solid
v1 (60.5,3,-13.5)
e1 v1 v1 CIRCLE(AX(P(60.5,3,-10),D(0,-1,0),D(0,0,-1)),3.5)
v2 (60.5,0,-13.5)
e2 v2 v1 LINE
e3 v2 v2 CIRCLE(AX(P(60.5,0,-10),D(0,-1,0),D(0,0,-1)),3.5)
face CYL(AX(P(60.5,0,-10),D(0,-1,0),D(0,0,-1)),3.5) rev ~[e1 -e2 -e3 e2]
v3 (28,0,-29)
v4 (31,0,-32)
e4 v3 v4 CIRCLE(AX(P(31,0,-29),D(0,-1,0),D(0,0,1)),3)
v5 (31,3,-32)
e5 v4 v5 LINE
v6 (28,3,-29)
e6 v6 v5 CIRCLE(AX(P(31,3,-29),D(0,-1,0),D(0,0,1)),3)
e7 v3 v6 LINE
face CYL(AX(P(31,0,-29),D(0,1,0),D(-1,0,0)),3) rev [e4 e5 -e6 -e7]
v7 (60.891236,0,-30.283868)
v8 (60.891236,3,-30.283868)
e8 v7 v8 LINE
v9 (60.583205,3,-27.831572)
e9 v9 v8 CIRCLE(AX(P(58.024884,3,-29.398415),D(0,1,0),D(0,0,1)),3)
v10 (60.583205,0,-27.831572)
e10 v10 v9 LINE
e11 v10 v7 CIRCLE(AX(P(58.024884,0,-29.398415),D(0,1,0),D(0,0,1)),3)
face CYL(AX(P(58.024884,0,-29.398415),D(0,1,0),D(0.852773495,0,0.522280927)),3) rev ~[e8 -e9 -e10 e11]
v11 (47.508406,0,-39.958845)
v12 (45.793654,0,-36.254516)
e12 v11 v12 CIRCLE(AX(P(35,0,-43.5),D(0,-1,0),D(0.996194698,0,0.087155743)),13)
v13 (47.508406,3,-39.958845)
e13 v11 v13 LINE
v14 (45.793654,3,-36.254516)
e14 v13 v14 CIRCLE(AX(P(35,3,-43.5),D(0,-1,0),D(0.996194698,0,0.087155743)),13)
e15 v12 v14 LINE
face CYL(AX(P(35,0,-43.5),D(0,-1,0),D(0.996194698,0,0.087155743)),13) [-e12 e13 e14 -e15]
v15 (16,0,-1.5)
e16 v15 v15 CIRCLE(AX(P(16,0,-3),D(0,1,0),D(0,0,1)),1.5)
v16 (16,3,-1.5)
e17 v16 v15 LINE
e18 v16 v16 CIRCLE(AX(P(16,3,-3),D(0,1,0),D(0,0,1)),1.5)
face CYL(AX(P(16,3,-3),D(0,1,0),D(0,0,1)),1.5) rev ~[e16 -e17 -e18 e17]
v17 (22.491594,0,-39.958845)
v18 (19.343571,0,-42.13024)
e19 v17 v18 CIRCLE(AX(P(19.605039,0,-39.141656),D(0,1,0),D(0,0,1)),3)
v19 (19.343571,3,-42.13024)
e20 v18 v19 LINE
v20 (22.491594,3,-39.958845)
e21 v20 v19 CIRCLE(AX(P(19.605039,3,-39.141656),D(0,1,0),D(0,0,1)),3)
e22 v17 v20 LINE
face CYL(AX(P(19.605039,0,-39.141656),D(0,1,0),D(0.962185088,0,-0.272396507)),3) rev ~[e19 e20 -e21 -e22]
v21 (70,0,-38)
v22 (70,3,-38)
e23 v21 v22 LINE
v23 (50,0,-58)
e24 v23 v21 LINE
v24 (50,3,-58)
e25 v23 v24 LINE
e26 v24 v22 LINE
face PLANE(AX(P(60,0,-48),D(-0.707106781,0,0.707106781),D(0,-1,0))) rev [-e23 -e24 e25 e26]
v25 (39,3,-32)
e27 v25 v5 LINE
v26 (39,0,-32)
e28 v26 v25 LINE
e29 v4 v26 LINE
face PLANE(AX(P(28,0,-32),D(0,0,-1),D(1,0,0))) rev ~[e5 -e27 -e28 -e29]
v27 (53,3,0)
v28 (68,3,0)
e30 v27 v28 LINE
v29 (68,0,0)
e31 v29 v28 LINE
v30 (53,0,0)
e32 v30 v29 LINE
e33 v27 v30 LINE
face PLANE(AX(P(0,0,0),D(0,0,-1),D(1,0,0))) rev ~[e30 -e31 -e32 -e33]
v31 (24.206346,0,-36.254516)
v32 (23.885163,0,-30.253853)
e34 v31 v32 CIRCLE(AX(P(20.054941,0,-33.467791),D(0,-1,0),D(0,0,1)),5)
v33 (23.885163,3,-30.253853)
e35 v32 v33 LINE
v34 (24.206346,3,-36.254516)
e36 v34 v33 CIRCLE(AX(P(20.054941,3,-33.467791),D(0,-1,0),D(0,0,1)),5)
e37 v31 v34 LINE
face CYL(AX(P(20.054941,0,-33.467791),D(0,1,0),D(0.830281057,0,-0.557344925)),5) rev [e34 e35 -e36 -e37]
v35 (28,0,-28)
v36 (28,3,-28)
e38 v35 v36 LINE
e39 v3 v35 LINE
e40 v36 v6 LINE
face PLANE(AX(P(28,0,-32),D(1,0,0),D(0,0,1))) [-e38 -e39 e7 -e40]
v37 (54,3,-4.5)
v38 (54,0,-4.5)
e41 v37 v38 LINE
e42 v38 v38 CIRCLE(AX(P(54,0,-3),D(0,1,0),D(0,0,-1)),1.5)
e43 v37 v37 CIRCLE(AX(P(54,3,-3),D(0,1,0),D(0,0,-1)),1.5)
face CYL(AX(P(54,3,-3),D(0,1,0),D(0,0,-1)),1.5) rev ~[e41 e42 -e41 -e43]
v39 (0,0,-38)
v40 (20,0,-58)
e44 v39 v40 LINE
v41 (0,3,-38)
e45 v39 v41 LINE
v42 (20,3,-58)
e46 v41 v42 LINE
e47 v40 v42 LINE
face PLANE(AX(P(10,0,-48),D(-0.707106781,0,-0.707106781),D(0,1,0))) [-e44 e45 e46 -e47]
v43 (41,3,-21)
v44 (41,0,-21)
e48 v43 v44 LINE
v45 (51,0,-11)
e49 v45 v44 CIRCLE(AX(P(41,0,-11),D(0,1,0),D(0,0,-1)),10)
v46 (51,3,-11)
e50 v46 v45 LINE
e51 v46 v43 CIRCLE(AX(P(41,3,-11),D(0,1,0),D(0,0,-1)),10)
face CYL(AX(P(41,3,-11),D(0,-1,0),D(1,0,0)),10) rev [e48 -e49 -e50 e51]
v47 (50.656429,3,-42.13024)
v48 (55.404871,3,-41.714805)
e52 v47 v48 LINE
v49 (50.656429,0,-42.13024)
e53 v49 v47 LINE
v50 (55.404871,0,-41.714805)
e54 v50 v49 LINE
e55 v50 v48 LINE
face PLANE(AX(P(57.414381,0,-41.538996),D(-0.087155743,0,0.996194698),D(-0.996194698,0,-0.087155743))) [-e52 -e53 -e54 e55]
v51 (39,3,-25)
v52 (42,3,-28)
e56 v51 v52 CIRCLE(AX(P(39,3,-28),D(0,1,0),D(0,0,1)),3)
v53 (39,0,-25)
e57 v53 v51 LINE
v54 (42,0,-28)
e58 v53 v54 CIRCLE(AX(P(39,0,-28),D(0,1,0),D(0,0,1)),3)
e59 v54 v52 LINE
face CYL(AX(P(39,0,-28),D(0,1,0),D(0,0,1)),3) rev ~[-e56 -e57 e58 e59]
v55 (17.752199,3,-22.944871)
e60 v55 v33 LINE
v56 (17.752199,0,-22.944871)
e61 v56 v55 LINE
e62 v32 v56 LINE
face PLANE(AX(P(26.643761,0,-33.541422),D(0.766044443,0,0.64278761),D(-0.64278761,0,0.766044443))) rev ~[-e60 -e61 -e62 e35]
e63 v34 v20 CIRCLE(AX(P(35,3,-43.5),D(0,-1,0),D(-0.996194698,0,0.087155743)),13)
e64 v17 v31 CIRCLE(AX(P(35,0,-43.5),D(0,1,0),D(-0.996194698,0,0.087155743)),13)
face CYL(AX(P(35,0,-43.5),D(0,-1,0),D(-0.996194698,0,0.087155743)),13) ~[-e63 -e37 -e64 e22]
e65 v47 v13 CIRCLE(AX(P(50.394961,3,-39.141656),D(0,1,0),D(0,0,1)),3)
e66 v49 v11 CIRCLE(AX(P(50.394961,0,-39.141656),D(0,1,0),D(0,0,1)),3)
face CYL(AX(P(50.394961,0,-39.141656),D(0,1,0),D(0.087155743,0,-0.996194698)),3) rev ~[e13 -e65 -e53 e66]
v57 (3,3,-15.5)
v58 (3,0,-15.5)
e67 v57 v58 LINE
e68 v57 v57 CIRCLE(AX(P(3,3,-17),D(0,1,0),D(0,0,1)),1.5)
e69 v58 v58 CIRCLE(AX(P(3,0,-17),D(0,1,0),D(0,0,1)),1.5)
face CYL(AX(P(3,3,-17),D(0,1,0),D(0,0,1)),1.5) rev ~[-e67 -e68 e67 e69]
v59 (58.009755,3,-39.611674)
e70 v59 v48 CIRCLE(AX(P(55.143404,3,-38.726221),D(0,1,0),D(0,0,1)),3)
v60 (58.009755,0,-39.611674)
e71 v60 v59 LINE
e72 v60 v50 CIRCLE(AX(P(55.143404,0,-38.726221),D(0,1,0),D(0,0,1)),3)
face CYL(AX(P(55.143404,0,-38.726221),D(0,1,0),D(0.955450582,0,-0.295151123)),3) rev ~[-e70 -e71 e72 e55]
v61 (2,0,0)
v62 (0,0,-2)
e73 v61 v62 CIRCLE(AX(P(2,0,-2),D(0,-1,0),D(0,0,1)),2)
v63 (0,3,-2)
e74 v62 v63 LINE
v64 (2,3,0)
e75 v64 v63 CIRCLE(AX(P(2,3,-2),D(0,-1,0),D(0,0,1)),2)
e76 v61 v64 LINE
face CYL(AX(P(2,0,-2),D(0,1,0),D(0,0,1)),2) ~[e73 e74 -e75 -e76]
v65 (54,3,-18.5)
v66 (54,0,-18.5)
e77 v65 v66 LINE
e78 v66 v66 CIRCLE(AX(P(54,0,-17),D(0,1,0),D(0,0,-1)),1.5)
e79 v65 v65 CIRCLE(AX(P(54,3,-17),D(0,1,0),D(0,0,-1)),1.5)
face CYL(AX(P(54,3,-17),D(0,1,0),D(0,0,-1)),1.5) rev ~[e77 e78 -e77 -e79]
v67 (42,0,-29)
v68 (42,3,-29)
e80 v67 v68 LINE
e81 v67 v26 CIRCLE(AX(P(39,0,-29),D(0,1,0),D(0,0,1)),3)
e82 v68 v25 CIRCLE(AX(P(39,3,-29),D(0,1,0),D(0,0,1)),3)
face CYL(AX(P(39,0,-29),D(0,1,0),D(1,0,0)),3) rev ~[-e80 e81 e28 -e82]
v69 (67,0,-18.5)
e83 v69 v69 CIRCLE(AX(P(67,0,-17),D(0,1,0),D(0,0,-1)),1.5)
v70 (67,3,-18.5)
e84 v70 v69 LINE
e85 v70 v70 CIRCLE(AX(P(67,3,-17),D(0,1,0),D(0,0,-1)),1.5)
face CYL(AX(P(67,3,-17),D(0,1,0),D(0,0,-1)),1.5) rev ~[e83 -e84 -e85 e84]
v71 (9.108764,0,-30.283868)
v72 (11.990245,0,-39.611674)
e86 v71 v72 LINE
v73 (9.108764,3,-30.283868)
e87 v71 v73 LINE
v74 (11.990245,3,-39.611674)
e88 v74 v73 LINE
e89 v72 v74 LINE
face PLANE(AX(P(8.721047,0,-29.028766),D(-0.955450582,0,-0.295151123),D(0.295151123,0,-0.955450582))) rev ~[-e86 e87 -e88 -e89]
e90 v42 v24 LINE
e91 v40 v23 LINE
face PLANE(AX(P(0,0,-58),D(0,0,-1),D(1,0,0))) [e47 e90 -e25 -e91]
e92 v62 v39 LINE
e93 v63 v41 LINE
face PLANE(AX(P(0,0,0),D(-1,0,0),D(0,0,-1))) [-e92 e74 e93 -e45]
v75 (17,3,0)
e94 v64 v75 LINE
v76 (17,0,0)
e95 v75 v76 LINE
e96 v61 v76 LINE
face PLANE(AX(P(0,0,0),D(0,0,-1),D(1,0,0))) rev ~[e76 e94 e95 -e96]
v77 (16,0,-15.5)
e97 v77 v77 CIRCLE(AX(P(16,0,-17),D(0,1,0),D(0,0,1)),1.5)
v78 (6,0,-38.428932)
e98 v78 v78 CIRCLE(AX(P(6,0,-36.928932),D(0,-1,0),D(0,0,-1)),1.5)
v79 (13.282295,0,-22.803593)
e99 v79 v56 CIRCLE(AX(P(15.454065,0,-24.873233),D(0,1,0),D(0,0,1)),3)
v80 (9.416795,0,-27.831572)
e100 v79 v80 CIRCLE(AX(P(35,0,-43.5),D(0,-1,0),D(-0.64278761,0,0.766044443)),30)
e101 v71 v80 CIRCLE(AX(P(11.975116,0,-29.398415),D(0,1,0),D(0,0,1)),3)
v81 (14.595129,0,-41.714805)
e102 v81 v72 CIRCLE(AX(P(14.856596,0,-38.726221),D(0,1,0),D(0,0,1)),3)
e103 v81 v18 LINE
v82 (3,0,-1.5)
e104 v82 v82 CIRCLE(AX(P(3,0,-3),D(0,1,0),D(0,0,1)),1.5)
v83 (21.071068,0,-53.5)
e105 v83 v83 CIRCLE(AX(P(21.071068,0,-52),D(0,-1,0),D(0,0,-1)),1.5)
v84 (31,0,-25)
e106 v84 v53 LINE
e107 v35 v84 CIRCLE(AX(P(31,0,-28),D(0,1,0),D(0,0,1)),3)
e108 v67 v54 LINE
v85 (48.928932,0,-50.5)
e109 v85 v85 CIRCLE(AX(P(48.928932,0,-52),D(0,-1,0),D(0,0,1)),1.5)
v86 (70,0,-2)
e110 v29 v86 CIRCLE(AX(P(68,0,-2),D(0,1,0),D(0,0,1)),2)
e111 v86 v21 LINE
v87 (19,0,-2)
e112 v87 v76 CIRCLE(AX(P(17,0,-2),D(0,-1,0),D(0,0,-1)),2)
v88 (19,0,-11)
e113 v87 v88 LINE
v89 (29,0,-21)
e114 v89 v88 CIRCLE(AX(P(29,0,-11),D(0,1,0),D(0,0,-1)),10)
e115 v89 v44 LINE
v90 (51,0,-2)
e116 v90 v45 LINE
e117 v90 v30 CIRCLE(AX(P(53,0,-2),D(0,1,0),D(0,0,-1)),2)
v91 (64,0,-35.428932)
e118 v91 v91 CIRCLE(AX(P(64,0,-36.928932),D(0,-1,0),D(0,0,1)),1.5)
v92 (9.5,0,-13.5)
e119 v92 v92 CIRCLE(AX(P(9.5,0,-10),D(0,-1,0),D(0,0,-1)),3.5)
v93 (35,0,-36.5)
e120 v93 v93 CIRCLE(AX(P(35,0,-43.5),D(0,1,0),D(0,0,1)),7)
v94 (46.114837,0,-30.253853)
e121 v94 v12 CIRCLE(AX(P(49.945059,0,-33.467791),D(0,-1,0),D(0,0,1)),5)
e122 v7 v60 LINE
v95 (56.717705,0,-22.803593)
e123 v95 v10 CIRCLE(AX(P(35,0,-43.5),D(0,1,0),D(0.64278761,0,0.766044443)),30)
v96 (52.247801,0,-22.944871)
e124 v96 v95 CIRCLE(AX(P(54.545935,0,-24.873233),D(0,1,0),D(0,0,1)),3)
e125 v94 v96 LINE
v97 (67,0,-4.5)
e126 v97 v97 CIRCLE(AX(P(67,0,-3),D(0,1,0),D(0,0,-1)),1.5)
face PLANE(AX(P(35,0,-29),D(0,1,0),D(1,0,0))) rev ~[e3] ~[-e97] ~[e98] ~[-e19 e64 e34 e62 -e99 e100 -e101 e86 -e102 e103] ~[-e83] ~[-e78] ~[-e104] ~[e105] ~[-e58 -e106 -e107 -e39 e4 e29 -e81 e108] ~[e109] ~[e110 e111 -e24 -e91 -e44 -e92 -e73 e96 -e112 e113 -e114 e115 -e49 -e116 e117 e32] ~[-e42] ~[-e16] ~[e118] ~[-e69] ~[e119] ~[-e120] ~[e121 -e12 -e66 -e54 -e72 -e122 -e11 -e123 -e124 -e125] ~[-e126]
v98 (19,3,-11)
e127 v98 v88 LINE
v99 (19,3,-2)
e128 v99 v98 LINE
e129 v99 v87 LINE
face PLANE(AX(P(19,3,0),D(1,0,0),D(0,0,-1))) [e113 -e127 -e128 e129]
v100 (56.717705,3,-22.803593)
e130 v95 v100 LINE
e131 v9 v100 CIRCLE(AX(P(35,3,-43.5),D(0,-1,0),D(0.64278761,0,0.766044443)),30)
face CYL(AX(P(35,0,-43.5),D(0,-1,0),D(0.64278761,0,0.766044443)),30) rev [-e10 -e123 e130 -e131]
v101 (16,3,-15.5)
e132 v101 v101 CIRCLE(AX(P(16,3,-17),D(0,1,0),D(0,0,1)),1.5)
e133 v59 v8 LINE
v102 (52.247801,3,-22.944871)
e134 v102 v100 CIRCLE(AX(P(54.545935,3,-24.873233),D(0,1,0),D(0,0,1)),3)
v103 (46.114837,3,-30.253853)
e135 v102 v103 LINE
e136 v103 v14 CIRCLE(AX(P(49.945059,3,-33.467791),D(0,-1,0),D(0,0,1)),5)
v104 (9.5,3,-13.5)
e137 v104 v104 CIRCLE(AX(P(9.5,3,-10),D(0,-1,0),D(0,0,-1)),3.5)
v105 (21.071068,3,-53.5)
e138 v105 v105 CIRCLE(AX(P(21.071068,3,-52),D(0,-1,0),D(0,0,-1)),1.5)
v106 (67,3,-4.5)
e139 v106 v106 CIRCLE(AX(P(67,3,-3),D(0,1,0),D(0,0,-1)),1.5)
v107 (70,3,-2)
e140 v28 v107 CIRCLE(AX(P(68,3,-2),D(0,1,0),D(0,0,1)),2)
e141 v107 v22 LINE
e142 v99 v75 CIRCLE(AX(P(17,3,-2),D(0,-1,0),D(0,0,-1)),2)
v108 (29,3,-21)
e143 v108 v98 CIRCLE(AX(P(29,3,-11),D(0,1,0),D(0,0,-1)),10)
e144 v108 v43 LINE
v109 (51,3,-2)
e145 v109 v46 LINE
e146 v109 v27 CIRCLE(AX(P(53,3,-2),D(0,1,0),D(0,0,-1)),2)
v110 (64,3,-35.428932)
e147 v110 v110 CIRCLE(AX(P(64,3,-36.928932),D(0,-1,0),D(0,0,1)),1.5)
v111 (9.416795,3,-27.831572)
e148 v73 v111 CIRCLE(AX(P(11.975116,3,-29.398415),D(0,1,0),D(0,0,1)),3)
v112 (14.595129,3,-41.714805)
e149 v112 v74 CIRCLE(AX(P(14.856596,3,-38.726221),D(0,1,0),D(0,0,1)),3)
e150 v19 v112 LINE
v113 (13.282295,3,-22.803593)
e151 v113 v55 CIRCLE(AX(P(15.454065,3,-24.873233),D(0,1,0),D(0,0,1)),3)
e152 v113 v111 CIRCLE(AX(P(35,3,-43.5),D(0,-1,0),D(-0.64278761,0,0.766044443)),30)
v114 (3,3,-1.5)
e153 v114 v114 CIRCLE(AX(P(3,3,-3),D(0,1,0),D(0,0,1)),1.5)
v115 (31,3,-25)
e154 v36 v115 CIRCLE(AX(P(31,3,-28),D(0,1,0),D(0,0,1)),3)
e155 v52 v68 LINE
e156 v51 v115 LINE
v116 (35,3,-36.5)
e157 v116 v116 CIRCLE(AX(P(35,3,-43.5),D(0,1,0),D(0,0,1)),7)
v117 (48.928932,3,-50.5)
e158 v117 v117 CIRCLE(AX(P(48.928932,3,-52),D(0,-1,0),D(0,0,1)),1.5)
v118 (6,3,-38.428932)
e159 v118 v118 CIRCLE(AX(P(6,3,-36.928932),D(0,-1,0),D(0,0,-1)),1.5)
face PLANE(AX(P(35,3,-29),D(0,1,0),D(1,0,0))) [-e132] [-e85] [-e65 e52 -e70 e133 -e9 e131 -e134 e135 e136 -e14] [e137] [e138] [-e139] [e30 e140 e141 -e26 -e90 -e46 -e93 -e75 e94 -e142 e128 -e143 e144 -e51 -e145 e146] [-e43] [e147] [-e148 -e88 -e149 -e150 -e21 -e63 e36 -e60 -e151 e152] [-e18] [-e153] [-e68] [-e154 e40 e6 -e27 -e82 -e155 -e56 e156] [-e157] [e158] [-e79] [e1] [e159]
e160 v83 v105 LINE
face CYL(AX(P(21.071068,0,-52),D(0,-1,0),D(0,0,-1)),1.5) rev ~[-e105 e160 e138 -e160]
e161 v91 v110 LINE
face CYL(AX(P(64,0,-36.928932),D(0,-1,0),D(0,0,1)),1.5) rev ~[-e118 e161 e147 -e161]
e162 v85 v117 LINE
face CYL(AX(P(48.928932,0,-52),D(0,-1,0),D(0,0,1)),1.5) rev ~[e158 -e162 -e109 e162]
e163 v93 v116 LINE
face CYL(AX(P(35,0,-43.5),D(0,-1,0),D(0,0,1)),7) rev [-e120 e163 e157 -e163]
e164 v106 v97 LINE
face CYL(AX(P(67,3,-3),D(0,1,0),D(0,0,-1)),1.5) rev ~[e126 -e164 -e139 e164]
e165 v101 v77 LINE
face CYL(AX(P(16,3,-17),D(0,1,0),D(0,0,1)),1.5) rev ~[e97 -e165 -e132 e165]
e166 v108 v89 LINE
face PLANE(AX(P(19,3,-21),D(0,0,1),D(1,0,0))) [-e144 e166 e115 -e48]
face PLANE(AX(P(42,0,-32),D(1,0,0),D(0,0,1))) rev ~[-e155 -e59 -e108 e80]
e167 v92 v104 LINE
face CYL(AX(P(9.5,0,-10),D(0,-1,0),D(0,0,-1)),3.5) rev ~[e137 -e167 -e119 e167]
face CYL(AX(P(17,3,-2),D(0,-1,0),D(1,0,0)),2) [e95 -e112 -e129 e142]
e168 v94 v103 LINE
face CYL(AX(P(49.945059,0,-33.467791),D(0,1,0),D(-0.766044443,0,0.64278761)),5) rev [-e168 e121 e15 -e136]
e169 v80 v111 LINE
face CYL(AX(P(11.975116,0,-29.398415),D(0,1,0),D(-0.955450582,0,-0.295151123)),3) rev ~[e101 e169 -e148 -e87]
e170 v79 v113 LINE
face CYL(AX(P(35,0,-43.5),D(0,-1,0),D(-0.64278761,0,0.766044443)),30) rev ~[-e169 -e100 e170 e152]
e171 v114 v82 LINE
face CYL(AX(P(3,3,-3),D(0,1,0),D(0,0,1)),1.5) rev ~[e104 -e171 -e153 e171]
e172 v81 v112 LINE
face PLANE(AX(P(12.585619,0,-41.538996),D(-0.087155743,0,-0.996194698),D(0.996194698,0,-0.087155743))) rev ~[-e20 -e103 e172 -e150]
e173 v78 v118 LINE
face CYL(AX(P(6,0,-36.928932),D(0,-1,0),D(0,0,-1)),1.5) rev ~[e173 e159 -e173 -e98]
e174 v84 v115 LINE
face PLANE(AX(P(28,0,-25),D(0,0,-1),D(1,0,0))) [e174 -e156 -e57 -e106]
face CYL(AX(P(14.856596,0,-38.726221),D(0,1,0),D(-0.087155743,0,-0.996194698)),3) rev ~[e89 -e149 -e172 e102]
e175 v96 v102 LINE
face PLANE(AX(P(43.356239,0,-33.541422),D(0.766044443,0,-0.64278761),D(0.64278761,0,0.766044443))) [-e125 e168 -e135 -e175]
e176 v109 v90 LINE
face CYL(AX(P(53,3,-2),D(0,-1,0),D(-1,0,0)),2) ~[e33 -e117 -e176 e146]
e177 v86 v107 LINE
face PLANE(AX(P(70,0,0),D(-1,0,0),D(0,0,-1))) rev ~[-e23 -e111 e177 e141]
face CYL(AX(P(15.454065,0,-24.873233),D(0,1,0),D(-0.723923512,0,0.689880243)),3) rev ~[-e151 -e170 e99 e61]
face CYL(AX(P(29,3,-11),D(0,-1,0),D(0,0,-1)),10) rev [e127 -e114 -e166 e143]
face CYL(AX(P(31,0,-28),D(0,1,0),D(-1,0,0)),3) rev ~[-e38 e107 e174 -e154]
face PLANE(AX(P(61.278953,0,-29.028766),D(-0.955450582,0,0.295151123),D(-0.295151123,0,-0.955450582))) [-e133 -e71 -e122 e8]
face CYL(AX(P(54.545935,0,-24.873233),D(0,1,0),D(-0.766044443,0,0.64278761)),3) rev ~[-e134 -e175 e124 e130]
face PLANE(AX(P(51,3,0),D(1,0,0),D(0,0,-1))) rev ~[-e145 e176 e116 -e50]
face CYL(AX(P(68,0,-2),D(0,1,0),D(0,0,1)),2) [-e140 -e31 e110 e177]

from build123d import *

# Parameters (mm, degrees)
SKETCH_1_W          = 70
SKETCH_1_H          = 58
SKETCH_1_R          = 7
EXTRUDE_1_DEPTH     = 3
CHAMFER_1_SIZE      = 20
SKETCH_2_W          = 32
SKETCH_2_H          = 21
CUT_EXTRUDE_1_DEPTH = 3
FILLET_1_R          = 10
SKETCH_3_R          = 1.5
CUT_EXTRUDE_2_DEPTH = 91.956033335
SKETCH_4_R          = 1.5
CUT_EXTRUDE_3_DEPTH = 91.956033335
FILLET_2_R          = 2
SKETCH_5_W          = 14
SKETCH_5_H          = 7
CUT_EXTRUDE_4_DEPTH = 91.956033335
FILLET_3_R          = 3
FILLET_4_R          = 5
SKETCH_6_R          = 3.5
CUT_EXTRUDE_5_DEPTH = 10


with BuildPart() as part:
    # 草图1 → 凸台-拉伸1 (new body)
    with BuildSketch(Plane(origin=(0, 0, 0), x_dir=(1, 0, 0), z_dir=(0, 1, 0))):
        with Locations((35, 29)):
            Rectangle(SKETCH_1_W, SKETCH_1_H)
        with Locations(Location((35, 43.5, 0), (0, 0, 270))):
            Circle(SKETCH_1_R, mode=Mode.SUBTRACT)
    extrude(amount=EXTRUDE_1_DEPTH)

    # 倒角1
    chamfer_1_edges = [part.edges().sort_by_distance(p)[0] for p in [
        (0, 1.5, -58),
        (70, 1.5, -58),
    ]]
    chamfer(chamfer_1_edges, length=CHAMFER_1_SIZE)

    # 草图2 → 切除-拉伸1 (cut)
    with BuildSketch(Plane(origin=(0, 3, 0), x_dir=(1, 0, 0), z_dir=(0, 1, 0))):
        with Locations((35, 10.5)):
            Rectangle(SKETCH_2_W, SKETCH_2_H)
    extrude(amount=-CUT_EXTRUDE_1_DEPTH, mode=Mode.SUBTRACT)

    # 圆角1
    fillet_1_edges = [part.edges().sort_by_distance(p)[0] for p in [
        (51, 1.5, -21),
        (19, 1.5, -21),
    ]]
    fillet(fillet_1_edges, radius=FILLET_1_R)

    # 草图3 → 切除-拉伸2 (cut, through all)
    with BuildSketch(Plane(origin=(0, 3, 0), x_dir=(1, 0, 0), z_dir=(0, 1, 0))):
        with Locations(Location((3, 17, 0), (0, 0, 270))):
            Circle(SKETCH_3_R)
        with Locations(Location((16, 17, 0), (0, 0, 270))):
            Circle(SKETCH_3_R)
        with Locations(Location((3, 3, 0), (0, 0, 270))):
            Circle(SKETCH_3_R)
        with Locations(Location((16, 3, 0), (0, 0, 270))):
            Circle(SKETCH_3_R)
        with Locations(Location((54, 3, 0), (0, 0, 90))):
            Circle(SKETCH_3_R)
        with Locations(Location((67, 3, 0), (0, 0, 90))):
            Circle(SKETCH_3_R)
        with Locations(Location((54, 17, 0), (0, 0, 90))):
            Circle(SKETCH_3_R)
        with Locations(Location((67, 17, 0), (0, 0, 90))):
            Circle(SKETCH_3_R)
    extrude(amount=-CUT_EXTRUDE_2_DEPTH, mode=Mode.SUBTRACT)

    # 草图4 → 切除-拉伸3 (cut, through all)
    with BuildSketch(Plane.XZ):
        with Locations(Location((21.071067812, -52, 0), (0, 0, 270))):
            Circle(SKETCH_4_R)
        with Locations(Location((6, -36.928932188, 0), (0, 0, 270))):
            Circle(SKETCH_4_R)
        with Locations(Location((64, -36.928932188, 0), (0, 0, 90))):
            Circle(SKETCH_4_R)
        with Locations(Location((48.928932188, -52, 0), (0, 0, 90))):
            Circle(SKETCH_4_R)
    extrude(amount=-CUT_EXTRUDE_3_DEPTH, mode=Mode.SUBTRACT)

    # 圆角2
    fillet_2_edges = [part.edges().sort_by_distance(p)[0] for p in [
        (51, 1.5, 0),
        (19, 1.5, 0),
        (70, 1.5, 0),
        (0, 1.5, 0),
    ]]
    fillet(fillet_2_edges, radius=FILLET_2_R)

    # 草图5 → 切除-拉伸4 (cut, through all)
    with BuildSketch(Plane.XZ):
        with BuildLine():
            Line((43.356238926, -33.541422239), (54.283628291, -20.518666706))
            ThreePointArc((54.283628291, -20.518666706), (58.175259711, -24.449873037), (61.27895346, -29.028766292))
            Line((61.27895346, -29.028766292), (57.414380707, -41.538995788))
            Line((57.414380707, -41.538995788), (47.950531075, -42.366975344))
            ThreePointArc((47.950531075, -42.366975344), (46.531140831, -37.497268028), (43.356238926, -33.541422239))
        make_face()
        with BuildLine():
            Line((26.643761074, -33.541422239), (15.716371709, -20.518666706))
            ThreePointArc((15.716371709, -20.518666706), (11.824740289, -24.449873037), (8.72104654, -29.028766292))
            Line((8.72104654, -29.028766292), (12.585619293, -41.538995788))
            Line((12.585619293, -41.538995788), (22.049468925, -42.366975344))
            ThreePointArc((22.049468925, -42.366975344), (23.468859169, -37.497268028), (26.643761074, -33.541422239))
        make_face()
        with Locations((35, -28.5)):
            Rectangle(SKETCH_5_W, SKETCH_5_H)
    extrude(amount=-CUT_EXTRUDE_4_DEPTH, mode=Mode.SUBTRACT)

    # 圆角3
    fillet_3_edges = [part.edges().sort_by_distance(p)[0] for p in [
        (22.049468925, 1.5, -42.366975344),
        (12.585619293, 1.5, -41.538995788),
        (8.72104654, 1.5, -29.028766292),
        (15.716371709, 1.5, -20.518666706),
        (54.283628291, 1.5, -20.518666706),
        (61.27895346, 1.5, -29.028766292),
        (57.414380707, 1.5, -41.538995788),
        (47.950531075, 1.5, -42.366975344),
        (42, 1.5, -25),
        (42, 1.5, -32),
        (28, 1.5, -32),
        (28, 1.5, -25),
    ]]
    fillet(fillet_3_edges, radius=FILLET_3_R)

    # 圆角4
    fillet_4_edges = [part.edges().sort_by_distance(p)[0] for p in [
        (26.643761074, 1.5, -33.541422239),
        (43.356238926, 1.5, -33.541422239),
    ]]
    fillet(fillet_4_edges, radius=FILLET_4_R)

    # 草图6 → 切除-拉伸5 (cut)
    with BuildSketch(Plane.XZ):
        with Locations(Location((9.5, -10, 0), (0, 0, 270))):
            Circle(SKETCH_6_R)
        with Locations(Location((60.5, -10, 0), (0, 0, 270))):
            Circle(SKETCH_6_R)
    extrude(amount=-CUT_EXTRUDE_5_DEPTH, mode=Mode.SUBTRACT)


solid = part.part
